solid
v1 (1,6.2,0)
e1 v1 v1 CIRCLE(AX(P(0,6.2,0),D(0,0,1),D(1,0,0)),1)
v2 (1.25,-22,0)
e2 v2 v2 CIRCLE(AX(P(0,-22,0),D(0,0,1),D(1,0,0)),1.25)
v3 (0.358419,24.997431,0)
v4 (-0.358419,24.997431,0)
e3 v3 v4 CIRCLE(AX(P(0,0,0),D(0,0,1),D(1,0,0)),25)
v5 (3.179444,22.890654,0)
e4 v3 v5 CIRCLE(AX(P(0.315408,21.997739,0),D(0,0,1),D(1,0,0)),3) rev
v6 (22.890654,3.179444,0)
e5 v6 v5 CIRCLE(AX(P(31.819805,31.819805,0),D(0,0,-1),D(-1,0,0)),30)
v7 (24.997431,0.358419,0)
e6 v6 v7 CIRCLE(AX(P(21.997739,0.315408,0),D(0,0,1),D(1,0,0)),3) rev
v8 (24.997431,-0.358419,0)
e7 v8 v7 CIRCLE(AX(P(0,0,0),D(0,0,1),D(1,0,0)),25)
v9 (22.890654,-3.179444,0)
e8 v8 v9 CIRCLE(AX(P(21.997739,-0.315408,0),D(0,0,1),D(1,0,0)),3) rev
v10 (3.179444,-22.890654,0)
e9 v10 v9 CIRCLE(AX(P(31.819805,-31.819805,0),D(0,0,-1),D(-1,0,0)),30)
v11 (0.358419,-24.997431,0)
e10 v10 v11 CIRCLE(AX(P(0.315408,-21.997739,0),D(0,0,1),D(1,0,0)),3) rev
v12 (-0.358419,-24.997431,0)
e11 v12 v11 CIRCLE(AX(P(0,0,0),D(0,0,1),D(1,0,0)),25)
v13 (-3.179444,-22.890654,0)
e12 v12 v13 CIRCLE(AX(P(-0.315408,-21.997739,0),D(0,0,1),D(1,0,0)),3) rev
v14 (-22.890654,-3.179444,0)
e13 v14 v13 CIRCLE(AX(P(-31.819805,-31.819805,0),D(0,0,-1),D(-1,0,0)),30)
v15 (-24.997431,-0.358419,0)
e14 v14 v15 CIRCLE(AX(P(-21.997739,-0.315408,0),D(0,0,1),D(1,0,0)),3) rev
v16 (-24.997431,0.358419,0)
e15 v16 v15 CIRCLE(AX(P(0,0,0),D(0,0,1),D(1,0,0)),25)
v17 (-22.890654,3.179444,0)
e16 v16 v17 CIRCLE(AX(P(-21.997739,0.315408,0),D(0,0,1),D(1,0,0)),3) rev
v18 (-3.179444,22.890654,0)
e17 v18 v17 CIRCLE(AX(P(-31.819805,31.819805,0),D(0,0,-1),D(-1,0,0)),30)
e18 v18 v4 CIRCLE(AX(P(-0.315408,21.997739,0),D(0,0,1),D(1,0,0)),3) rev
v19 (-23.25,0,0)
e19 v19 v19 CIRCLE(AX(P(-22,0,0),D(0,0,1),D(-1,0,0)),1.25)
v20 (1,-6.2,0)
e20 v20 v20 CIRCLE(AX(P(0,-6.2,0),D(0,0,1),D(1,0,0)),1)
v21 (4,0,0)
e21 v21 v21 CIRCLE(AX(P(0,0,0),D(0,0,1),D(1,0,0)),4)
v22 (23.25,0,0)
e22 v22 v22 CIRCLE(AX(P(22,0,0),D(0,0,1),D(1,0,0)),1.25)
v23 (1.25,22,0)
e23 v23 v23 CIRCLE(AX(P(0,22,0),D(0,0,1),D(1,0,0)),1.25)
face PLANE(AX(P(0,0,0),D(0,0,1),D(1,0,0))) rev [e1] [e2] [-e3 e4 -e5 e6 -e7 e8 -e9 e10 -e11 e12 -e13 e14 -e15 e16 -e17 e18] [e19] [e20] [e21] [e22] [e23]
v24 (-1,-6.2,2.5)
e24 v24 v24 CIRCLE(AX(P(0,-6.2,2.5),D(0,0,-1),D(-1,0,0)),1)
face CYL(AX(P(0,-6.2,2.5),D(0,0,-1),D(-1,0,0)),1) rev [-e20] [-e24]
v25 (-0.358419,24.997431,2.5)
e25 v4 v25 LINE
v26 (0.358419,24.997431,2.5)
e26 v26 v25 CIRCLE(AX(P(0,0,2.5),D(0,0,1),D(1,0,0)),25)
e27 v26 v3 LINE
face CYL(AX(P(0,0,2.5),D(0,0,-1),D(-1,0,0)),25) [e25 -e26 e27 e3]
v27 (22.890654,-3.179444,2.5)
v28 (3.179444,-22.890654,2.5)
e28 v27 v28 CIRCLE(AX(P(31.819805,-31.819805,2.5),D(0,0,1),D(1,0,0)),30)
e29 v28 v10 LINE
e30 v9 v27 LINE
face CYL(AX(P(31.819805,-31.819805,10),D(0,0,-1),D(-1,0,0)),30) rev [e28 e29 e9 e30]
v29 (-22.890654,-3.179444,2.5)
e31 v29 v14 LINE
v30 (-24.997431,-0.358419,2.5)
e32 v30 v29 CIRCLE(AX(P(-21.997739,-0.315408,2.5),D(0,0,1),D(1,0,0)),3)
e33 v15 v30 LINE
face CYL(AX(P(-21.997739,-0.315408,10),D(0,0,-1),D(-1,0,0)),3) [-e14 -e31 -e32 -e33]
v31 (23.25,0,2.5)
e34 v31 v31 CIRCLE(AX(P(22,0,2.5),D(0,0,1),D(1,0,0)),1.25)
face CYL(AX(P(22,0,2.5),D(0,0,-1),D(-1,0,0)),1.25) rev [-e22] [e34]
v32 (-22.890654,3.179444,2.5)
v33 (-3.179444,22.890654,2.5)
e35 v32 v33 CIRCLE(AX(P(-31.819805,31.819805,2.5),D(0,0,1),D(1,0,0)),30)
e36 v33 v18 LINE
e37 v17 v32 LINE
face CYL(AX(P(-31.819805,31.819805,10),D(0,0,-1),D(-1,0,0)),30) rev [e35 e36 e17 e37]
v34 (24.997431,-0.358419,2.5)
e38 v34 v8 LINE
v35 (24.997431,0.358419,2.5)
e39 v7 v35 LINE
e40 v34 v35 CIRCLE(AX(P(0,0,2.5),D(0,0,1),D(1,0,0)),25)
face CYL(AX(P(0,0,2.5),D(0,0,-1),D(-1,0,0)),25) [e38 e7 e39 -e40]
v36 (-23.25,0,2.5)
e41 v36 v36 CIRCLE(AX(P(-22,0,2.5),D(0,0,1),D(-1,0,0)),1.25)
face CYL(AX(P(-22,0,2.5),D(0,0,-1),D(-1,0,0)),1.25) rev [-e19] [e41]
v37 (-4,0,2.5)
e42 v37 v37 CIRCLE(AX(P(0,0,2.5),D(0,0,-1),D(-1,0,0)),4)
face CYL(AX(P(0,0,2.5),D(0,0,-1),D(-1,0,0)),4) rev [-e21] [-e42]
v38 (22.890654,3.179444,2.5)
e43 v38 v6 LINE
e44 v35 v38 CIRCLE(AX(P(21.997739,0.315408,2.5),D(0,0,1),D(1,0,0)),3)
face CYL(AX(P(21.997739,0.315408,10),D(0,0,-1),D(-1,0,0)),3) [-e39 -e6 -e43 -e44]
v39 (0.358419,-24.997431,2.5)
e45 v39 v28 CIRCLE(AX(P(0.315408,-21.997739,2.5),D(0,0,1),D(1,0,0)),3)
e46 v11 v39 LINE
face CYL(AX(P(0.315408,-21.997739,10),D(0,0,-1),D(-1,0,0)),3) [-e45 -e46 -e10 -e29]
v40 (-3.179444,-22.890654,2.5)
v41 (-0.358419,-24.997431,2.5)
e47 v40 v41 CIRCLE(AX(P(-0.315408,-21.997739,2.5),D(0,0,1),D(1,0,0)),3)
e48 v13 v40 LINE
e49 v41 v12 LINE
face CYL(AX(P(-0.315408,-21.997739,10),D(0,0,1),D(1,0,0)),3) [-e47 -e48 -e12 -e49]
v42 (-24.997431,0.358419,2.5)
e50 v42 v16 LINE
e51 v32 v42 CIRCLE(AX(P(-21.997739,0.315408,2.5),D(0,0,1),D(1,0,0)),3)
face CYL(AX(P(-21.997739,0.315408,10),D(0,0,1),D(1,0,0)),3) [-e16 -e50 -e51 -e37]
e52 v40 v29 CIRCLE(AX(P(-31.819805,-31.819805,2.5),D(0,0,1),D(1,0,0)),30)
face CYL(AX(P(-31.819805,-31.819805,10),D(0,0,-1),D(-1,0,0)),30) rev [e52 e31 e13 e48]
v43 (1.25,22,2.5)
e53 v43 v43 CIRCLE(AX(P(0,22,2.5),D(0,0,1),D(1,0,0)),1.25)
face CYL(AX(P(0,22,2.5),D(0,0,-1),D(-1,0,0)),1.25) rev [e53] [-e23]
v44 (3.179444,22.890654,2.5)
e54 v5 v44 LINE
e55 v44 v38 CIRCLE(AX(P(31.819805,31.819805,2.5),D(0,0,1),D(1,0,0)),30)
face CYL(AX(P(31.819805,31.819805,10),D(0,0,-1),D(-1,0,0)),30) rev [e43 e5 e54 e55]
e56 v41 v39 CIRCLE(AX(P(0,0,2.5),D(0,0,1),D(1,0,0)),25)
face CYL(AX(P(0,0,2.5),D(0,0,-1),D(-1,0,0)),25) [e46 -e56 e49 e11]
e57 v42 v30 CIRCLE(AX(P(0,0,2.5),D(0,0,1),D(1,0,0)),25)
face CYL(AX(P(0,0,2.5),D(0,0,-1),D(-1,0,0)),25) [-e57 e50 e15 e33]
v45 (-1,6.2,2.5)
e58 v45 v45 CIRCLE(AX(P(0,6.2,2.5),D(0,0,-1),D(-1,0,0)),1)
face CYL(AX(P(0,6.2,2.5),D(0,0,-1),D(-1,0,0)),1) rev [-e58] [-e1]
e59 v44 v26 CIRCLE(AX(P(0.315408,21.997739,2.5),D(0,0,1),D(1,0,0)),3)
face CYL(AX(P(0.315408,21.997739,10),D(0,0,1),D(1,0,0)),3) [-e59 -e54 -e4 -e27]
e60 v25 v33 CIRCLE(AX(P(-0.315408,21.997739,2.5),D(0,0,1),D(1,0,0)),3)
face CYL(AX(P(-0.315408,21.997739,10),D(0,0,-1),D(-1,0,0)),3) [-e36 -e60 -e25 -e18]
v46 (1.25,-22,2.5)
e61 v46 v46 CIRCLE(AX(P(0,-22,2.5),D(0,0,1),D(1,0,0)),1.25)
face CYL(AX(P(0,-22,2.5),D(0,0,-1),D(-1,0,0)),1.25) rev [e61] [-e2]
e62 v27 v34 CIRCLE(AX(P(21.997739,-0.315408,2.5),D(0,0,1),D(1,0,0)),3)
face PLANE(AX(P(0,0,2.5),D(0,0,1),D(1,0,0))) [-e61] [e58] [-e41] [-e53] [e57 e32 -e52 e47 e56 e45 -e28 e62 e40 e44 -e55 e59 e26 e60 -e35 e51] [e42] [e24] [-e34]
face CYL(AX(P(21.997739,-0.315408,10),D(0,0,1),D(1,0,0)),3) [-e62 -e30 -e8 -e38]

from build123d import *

# Parameters (mm, degrees)
SKETCH_1_R               = 25
SKETCH_1_R_2             = 1.25
EXTRUDE_1_DEPTH          = 2.5
CUT_EXTRUDE_2_DEPTH      = 36.443617197
CUT_EXTRUDE_2_DEPTH_BACK = 36.443617197
SKETCH_3_R               = 1
SKETCH_3_R_2             = 4
CUT_EXTRUDE_5_DEPTH      = 10
FILLET_2_R               = 3


with BuildPart() as part:
    # 草图1 → 凸台-拉伸1 (new body)
    with BuildSketch(Plane.XY):
        Circle(SKETCH_1_R)
        with Locations((0, 22)):
            Circle(SKETCH_1_R_2, mode=Mode.SUBTRACT)
        with Locations((22, 0)):
            Circle(SKETCH_1_R_2, mode=Mode.SUBTRACT)
        with Locations((0, -22)):
            Circle(SKETCH_1_R_2, mode=Mode.SUBTRACT)
        with Locations(Location((-22, 0, 0), (0, 0, 180))):
            Circle(SKETCH_1_R_2, mode=Mode.SUBTRACT)
    extrude(amount=EXTRUDE_1_DEPTH)

    # 草图3 → 切除-拉伸2 (cut, two sides: drawn at the far end of the back side and taken through both)
    with BuildSketch(Plane(origin=(0, 0, 0), x_dir=(-1, 0, 0), z_dir=(0, 0, -1)).offset(-CUT_EXTRUDE_2_DEPTH_BACK)):
        with Locations((0, 6.2)):
            Circle(SKETCH_3_R)
        Circle(SKETCH_3_R_2)
        with Locations((0, -6.2)):
            Circle(SKETCH_3_R)
    extrude(amount=CUT_EXTRUDE_2_DEPTH + CUT_EXTRUDE_2_DEPTH_BACK, mode=Mode.SUBTRACT)

    # 草图5 → 切除-拉伸5 (cut)
    with BuildSketch(Plane(origin=(0, 0, 0), x_dir=(-1, 0, 0), z_dir=(0, 0, -1))):
        with BuildLine():
            ThreePointArc((-2.638187412, 24.860409634), (-17.67766953, 17.67766953), (-24.860409634, 2.638187412))
            ThreePointArc((-24.860409634, 2.638187412), (-10.606601718, 10.606601718), (-2.638187412, 24.860409634))
        make_face()
        with BuildLine():
            ThreePointArc((-2.638187412, -24.860409634), (-10.606601718, -10.606601718), (-24.860409634, -2.638187412))
            ThreePointArc((-24.860409634, -2.638187412), (-17.67766953, -17.67766953), (-2.638187412, -24.860409634))
        make_face()
        with BuildLine():
            ThreePointArc((24.860409634, -2.638187412), (10.606601718, -10.606601718), (2.638187412, -24.860409634))
            ThreePointArc((2.638187412, -24.860409634), (17.67766953, -17.67766953), (24.860409634, -2.638187412))
        make_face()
        with BuildLine():
            ThreePointArc((24.860409634, 2.638187412), (17.67766953, 17.67766953), (2.638187412, 24.860409634))
            ThreePointArc((2.638187412, 24.860409634), (10.606601718, 10.606601718), (24.860409634, 2.638187412))
        make_face()
    extrude(amount=-CUT_EXTRUDE_5_DEPTH, mode=Mode.SUBTRACT)

    # 圆角2
    fillet_2_edges = [part.edges().sort_by_distance(p)[0] for p in [
        (2.638187412, 24.860409634, 1.25),
        (24.860409634, 2.638187412, 1.25),
        (24.860409634, -2.638187412, 1.25),
        (2.638187412, -24.860409634, 1.25),
        (-2.638187412, -24.860409634, 1.25),
        (-24.860409634, -2.638187412, 1.25),
        (-24.860409634, 2.638187412, 1.25),
        (-2.638187412, 24.860409634, 1.25),
    ]]
    fillet(fillet_2_edges, radius=FILLET_2_R)


solid = part.part
